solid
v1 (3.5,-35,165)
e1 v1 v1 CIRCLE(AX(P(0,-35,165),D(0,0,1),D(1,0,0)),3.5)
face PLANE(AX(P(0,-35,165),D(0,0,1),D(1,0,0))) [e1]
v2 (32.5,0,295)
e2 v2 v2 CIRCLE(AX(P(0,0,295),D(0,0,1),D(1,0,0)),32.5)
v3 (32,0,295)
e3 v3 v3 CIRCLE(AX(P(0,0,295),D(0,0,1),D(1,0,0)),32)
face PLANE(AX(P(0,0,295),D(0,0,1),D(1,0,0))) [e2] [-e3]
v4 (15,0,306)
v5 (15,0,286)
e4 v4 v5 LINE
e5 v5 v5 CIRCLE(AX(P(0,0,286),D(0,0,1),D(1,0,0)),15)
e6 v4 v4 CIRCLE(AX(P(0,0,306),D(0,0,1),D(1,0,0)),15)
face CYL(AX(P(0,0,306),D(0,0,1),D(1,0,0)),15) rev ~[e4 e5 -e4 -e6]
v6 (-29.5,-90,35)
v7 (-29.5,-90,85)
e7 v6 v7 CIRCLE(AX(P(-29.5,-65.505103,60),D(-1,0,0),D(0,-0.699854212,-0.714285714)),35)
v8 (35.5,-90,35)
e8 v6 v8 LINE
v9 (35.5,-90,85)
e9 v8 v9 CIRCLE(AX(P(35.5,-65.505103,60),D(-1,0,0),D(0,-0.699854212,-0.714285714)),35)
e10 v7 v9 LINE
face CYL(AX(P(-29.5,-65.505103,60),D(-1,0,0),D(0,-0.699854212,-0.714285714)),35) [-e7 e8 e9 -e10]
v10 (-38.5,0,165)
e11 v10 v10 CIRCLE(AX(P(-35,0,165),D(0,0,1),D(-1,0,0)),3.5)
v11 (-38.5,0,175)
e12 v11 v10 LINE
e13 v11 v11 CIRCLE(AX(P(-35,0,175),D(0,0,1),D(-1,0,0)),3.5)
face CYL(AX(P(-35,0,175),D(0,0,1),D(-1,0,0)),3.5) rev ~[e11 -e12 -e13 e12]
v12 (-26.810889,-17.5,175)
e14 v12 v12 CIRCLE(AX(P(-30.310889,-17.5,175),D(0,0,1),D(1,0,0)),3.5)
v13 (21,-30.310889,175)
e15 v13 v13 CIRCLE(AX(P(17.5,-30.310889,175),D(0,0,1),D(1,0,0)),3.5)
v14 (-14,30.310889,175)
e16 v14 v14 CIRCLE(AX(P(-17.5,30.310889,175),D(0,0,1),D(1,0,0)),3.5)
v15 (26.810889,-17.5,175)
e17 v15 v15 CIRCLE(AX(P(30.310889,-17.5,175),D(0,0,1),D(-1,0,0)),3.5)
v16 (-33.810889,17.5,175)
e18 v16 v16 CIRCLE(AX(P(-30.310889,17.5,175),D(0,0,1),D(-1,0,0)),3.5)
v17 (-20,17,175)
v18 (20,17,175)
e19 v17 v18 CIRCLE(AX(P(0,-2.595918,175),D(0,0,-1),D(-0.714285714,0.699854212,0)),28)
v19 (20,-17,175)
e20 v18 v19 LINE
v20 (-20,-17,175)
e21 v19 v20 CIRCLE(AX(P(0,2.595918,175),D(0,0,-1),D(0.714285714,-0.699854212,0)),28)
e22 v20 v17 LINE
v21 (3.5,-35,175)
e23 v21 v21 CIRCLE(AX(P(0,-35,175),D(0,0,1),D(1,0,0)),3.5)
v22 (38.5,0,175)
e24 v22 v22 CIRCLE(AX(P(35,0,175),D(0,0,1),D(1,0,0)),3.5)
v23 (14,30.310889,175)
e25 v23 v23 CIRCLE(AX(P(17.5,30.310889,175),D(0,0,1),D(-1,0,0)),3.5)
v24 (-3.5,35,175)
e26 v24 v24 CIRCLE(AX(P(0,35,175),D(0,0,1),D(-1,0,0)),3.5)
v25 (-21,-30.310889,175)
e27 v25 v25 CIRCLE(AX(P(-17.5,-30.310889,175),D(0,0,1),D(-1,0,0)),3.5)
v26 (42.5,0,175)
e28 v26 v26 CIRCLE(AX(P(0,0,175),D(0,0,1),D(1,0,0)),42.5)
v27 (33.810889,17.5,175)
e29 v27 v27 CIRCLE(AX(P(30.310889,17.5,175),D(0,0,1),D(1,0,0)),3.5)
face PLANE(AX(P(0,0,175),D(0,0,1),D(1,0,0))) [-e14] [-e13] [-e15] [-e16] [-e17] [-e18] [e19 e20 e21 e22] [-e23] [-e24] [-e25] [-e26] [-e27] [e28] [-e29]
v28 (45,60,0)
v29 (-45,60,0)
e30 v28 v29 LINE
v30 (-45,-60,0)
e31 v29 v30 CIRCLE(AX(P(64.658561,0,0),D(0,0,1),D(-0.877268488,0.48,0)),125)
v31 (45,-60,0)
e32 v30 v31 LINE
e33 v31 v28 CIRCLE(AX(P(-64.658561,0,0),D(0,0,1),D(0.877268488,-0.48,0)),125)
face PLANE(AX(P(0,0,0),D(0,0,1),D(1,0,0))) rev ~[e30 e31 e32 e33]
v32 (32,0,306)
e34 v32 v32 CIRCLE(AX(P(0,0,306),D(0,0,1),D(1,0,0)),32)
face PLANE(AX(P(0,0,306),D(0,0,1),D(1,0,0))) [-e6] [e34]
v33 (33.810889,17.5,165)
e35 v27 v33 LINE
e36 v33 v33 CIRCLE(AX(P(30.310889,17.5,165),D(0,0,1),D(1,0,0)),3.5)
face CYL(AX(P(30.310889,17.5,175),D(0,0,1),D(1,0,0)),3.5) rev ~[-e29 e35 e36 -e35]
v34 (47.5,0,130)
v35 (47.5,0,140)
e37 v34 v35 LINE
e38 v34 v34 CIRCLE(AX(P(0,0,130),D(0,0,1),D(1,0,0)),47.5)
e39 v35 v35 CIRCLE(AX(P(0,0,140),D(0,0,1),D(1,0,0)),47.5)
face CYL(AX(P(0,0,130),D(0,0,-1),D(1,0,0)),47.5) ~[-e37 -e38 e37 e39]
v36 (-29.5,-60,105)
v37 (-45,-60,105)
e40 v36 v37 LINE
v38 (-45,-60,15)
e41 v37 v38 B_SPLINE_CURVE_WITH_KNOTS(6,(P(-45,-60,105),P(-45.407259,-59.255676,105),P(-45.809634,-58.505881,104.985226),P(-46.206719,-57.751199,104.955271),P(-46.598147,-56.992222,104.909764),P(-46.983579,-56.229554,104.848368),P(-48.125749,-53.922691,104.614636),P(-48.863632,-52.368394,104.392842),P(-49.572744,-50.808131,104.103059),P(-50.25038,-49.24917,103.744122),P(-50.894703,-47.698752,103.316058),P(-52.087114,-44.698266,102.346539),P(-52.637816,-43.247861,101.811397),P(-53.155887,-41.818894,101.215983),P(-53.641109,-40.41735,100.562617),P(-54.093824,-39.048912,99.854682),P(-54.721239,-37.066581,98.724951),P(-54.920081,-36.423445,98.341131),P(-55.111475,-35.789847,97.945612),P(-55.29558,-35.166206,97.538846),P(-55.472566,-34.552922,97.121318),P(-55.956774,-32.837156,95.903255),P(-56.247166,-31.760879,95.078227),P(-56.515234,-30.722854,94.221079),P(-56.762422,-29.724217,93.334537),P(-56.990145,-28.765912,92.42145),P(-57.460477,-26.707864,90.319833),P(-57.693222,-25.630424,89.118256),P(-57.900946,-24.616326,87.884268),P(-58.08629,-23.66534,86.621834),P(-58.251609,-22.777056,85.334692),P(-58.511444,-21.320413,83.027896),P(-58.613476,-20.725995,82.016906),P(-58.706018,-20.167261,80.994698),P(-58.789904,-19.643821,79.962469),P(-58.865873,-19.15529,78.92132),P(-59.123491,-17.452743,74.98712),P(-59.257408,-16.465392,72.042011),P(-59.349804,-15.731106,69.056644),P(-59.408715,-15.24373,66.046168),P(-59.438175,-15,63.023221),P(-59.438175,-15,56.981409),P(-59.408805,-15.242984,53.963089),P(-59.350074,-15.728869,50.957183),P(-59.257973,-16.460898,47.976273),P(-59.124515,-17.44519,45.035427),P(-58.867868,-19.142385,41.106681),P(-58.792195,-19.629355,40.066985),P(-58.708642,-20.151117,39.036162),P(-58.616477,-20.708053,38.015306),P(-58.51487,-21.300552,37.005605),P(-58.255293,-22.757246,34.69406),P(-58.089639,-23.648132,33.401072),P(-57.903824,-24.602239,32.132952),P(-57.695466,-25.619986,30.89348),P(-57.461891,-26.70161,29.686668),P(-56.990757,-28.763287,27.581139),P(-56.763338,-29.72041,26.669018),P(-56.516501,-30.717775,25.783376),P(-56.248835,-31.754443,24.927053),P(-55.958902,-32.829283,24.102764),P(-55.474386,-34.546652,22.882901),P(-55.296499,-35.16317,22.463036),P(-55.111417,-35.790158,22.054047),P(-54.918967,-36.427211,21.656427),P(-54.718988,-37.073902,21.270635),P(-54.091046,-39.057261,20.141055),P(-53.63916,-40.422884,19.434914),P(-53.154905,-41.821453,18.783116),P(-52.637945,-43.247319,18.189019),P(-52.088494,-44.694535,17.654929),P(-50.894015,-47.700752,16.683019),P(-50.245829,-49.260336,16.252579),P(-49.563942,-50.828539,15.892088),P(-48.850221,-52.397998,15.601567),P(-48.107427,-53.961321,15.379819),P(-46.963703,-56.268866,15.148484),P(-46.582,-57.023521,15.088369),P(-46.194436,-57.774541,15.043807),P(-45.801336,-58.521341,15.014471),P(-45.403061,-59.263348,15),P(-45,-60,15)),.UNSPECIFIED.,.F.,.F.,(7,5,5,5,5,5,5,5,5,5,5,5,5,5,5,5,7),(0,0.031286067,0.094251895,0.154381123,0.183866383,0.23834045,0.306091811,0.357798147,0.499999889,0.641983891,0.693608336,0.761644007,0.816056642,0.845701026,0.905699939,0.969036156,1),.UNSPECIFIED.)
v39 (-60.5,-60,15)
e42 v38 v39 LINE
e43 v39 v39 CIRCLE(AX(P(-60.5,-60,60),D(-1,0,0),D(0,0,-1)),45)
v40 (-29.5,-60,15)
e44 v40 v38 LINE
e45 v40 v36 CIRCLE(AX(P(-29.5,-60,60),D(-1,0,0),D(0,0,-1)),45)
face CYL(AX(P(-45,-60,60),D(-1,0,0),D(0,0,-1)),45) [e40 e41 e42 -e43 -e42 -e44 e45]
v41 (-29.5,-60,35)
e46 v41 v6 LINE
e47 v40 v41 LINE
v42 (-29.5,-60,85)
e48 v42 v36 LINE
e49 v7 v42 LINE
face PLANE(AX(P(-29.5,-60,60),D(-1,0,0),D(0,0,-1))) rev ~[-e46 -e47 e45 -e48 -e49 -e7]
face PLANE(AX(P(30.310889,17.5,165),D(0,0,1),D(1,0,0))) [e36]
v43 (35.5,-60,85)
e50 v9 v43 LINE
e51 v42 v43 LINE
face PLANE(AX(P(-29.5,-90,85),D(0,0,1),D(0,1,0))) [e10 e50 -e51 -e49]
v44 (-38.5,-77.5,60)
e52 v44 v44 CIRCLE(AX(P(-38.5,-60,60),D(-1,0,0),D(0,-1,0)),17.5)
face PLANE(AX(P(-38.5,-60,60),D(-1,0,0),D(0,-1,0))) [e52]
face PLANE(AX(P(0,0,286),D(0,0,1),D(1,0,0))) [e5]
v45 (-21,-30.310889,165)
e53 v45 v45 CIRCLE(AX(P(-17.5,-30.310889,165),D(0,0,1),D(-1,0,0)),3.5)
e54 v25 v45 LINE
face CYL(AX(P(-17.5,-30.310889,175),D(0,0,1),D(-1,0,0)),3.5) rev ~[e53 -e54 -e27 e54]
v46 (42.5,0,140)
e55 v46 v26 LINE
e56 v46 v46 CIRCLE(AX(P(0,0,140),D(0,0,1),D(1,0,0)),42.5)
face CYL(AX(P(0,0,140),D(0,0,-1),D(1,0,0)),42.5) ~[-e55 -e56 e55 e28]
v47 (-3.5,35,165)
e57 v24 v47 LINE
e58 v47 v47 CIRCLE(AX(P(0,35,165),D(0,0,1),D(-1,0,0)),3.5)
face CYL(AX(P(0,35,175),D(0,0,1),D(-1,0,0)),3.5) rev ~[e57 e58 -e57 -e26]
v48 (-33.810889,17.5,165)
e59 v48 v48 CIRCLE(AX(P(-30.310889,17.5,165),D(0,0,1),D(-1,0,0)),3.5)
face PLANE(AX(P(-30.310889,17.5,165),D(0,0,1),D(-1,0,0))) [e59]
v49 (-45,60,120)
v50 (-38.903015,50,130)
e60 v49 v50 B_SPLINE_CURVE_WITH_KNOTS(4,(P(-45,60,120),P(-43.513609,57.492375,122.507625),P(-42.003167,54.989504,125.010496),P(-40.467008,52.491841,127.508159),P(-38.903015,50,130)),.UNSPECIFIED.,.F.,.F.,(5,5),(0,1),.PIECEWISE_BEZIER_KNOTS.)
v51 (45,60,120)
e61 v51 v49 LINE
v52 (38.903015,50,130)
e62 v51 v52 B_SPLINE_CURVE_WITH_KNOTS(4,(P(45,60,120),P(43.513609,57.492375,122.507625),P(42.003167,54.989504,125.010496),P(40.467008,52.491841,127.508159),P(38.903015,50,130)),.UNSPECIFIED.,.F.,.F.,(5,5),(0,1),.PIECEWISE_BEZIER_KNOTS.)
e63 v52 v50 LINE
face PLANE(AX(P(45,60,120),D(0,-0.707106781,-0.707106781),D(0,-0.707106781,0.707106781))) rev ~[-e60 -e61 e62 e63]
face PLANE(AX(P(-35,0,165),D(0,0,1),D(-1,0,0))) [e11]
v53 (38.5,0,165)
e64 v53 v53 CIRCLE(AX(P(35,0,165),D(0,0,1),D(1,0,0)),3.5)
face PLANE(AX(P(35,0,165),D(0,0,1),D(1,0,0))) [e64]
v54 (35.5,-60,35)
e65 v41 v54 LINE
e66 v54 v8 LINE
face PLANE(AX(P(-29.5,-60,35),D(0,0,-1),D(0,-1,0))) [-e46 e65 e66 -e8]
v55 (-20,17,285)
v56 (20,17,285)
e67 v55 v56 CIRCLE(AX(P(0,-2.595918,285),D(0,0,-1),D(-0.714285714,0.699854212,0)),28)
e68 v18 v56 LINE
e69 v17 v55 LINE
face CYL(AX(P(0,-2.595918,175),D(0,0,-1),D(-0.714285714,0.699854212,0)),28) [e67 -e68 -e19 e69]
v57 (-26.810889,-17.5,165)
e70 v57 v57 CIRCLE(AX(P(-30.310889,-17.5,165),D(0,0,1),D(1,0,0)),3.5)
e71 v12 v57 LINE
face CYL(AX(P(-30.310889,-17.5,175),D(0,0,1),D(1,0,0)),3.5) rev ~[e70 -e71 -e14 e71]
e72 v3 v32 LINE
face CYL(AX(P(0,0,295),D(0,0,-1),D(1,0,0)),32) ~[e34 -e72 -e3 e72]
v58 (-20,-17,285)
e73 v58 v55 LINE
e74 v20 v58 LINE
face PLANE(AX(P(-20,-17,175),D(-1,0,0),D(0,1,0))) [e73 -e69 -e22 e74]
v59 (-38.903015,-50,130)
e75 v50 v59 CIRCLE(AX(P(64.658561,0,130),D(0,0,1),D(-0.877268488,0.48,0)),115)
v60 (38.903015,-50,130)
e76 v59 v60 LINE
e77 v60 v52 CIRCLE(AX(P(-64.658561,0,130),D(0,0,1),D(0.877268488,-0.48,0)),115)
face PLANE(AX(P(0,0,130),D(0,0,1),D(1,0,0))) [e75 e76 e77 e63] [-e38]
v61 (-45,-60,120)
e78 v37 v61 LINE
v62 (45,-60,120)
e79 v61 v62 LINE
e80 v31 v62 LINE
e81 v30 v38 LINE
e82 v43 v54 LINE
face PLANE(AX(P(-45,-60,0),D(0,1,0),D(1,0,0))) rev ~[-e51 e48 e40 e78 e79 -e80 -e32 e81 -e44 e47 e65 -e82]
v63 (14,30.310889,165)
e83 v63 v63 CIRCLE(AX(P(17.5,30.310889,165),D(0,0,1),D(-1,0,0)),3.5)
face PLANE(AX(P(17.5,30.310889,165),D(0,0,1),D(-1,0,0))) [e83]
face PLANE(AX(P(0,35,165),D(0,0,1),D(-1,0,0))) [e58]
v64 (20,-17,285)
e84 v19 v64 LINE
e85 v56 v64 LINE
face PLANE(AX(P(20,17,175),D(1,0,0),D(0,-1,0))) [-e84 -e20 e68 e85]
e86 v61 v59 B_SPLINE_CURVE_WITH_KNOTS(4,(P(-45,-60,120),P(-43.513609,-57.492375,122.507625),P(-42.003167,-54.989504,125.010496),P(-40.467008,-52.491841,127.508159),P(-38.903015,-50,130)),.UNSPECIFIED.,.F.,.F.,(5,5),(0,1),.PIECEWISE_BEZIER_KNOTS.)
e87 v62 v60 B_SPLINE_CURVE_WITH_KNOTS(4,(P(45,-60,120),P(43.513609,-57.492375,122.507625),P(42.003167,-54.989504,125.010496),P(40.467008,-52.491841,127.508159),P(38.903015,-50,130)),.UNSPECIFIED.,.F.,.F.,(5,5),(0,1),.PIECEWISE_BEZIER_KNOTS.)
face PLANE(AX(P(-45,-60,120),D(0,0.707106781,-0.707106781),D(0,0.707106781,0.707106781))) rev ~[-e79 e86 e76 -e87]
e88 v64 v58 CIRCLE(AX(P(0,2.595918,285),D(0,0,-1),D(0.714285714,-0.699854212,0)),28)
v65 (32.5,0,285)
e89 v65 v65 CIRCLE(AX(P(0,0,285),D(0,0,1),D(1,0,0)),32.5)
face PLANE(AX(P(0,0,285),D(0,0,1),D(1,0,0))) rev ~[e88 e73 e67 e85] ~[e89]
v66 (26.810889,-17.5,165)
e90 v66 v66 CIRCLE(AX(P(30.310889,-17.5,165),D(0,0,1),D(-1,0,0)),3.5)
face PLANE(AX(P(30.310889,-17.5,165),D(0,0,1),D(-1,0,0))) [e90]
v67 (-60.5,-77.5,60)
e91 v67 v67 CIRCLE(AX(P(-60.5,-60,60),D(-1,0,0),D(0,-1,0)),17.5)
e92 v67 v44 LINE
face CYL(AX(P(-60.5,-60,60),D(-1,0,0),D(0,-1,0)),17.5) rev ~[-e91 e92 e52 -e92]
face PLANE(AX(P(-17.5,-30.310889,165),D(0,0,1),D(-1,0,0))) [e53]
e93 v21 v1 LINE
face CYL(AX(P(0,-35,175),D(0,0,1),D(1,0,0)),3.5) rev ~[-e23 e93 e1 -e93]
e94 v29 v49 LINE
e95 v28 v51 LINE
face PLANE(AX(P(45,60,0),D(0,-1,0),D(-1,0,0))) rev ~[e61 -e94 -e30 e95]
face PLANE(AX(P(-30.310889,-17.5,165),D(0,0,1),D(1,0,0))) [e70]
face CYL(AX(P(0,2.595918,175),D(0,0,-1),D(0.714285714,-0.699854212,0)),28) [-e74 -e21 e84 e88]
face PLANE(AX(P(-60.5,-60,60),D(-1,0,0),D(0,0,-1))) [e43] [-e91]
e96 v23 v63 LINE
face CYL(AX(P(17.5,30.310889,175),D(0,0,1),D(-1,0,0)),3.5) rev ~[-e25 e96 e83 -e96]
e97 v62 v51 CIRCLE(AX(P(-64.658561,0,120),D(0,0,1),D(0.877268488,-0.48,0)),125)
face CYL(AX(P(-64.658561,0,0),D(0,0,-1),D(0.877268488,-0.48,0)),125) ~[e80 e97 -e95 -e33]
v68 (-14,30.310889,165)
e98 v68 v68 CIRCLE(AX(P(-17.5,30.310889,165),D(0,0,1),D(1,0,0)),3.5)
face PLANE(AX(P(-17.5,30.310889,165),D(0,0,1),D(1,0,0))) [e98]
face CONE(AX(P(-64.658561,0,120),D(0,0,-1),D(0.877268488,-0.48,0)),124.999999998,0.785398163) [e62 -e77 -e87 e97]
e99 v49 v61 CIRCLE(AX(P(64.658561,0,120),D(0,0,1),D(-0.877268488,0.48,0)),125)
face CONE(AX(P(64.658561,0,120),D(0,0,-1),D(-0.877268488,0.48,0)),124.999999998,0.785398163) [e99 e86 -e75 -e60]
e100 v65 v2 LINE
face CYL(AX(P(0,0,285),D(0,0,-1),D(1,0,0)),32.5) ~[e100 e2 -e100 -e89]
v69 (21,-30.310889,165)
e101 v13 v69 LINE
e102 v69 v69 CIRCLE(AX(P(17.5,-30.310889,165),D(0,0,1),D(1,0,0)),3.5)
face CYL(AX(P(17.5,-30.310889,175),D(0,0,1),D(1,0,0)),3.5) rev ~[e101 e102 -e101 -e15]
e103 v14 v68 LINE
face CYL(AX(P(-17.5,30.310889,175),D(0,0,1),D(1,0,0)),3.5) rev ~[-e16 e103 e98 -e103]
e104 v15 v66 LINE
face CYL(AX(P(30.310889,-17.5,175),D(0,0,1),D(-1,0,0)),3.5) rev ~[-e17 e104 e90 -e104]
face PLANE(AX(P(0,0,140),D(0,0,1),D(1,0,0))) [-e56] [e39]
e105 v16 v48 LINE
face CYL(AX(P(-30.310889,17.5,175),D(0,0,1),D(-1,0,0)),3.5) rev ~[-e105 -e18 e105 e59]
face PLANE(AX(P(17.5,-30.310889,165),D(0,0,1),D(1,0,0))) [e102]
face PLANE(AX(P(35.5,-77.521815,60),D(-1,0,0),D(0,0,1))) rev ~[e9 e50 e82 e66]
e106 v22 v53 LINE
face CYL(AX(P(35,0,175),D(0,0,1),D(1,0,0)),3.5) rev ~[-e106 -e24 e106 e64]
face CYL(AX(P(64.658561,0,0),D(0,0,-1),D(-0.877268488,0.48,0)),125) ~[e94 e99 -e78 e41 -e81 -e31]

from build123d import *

# Parameters (mm, degrees)
BOSS_EXTRUDE1_DEPTH  = 120
BOSS_EXTRUDE2_DEPTH  = 10
BOSS_EXTRUDE2_TAPER  = 45
SKETCH3_R            = 47.5
BOSS_EXTRUDE3_DEPTH  = 10
SKETCH4_R            = 42.5
BOSS_EXTRUDE4_DEPTH  = 35
SKETCH5_R            = 3.5
CUT_EXTRUDE1_DEPTH   = 10
BOSS_EXTRUDE5_DEPTH  = 110
SKETCH7_R            = 32.5
BOSS_EXTRUDE6_DEPTH  = 10
SKETCH8_R            = 32
BOSS_EXTRUDE7_DEPTH  = 11
SKETCH10_R           = 45
BOSS_EXTRUDE9_DEPTH  = 15.5
BOSS_EXTRUDE10_DEPTH = 65
SKETCH12_R           = 15
CUT_EXTRUDE2_DEPTH   = 20
SKETCH13_R           = 17.5
CUT_EXTRUDE3_DEPTH   = 22


with BuildPart() as part:
    # Sketch1 → Boss-Extrude1 (new body)
    with BuildSketch(Plane.XY):
        with BuildLine():
            Line((45, 60), (-45, 60))
            ThreePointArc((-45, 60), (-60.341439003, 0), (-45, -60))
            Line((-45, -60), (45, -60))
            ThreePointArc((45, -60), (60.341439003, 0), (45, 60))
        make_face()
    extrude(amount=BOSS_EXTRUDE1_DEPTH)

    # Sketch2 → Boss-Extrude2 (add)
    with BuildSketch(Plane.XY.offset(120)):
        with BuildLine():
            Line((45, 60), (-45, 60))
            ThreePointArc((-45, 60), (-60.341439003, 0), (-45, -60))
            Line((-45, -60), (45, -60))
            ThreePointArc((45, -60), (60.341439003, 0), (45, 60))
        make_face()
    extrude(amount=BOSS_EXTRUDE2_DEPTH, taper=BOSS_EXTRUDE2_TAPER)

    # Sketch3 → Boss-Extrude3 (add)
    with BuildSketch(Plane.XY.offset(130)):
        Circle(SKETCH3_R)
    extrude(amount=BOSS_EXTRUDE3_DEPTH)

    # Sketch4 → Boss-Extrude4 (add)
    with BuildSketch(Plane.XY.offset(140)):
        Circle(SKETCH4_R)
    extrude(amount=BOSS_EXTRUDE4_DEPTH)

    # Sketch5 → Cut-Extrude1 (cut)
    with BuildSketch(Plane.XY.offset(175)):
        with Locations((35, 0)):
            Circle(SKETCH5_R)
        with Locations(Location((0, 35, 0), (0, 0, 180))):
            Circle(SKETCH5_R)
        with Locations((30.310889132, 17.5)):
            Circle(SKETCH5_R)
        with Locations(Location((17.5, 30.310889132, 0), (0, 0, 180))):
            Circle(SKETCH5_R)
        with Locations(Location((30.310889132, -17.5, 0), (0, 0, 180))):
            Circle(SKETCH5_R)
        with Locations((17.5, -30.310889132)):
            Circle(SKETCH5_R)
        with Locations((0, -35)):
            Circle(SKETCH5_R)
        with Locations(Location((-17.5, -30.310889132, 0), (0, 0, 180))):
            Circle(SKETCH5_R)
        with Locations((-30.310889132, -17.5)):
            Circle(SKETCH5_R)
        with Locations(Location((-35, 0, 0), (0, 0, 180))):
            Circle(SKETCH5_R)
        with Locations(Location((-30.310889132, 17.5, 0), (0, 0, 180))):
            Circle(SKETCH5_R)
        with Locations((-17.5, 30.310889132)):
            Circle(SKETCH5_R)
    extrude(amount=-CUT_EXTRUDE1_DEPTH, mode=Mode.SUBTRACT)

    # Sketch6 → Boss-Extrude5 (add)
    with BuildSketch(Plane.XY.offset(175)):
        with BuildLine():
            Line((-20, -17), (-20, 17))
            ThreePointArc((-20, 17), (0, 25.404082058), (20, 17))
            Line((20, 17), (20, -17))
            ThreePointArc((20, -17), (0, -25.404082058), (-20, -17))
        make_face()
    extrude(amount=BOSS_EXTRUDE5_DEPTH)

    # Sketch7 → Boss-Extrude6 (add)
    with BuildSketch(Plane.XY.offset(285)):
        Circle(SKETCH7_R)
    extrude(amount=BOSS_EXTRUDE6_DEPTH)

    # Sketch8 → Boss-Extrude7 (add)
    with BuildSketch(Plane.XY.offset(295)):
        Circle(SKETCH8_R)
    extrude(amount=BOSS_EXTRUDE7_DEPTH)

    # Sketch10 → Boss-Extrude9 (add, symmetric)
    with BuildSketch(Plane.ZY.offset(45)):
        with Locations(Location((60, -60, 0), (0, 0, 180))):
            Circle(SKETCH10_R)
    extrude(amount=BOSS_EXTRUDE9_DEPTH, both=True)

    # Sketch11 → Boss-Extrude10 (add)
    with BuildSketch(Plane(origin=(-29.5, 0, 0), x_dir=(0, 0, -1), z_dir=(1, 0, 0))):
        with BuildLine():
            Line((-85, -60), (-35, -60))
            Line((-35, -60), (-35, -90))
            ThreePointArc((-35, -90), (-60, -100.505102572), (-85, -90))
            Line((-85, -90), (-85, -60))
        make_face()
    extrude(amount=BOSS_EXTRUDE10_DEPTH)

    # Sketch12 → Cut-Extrude2 (cut)
    with BuildSketch(Plane.XY.offset(306)):
        Circle(SKETCH12_R)
    extrude(amount=-CUT_EXTRUDE2_DEPTH, mode=Mode.SUBTRACT)

    # Sketch13 → Cut-Extrude3 (cut)
    with BuildSketch(Plane.ZY.offset(60.5)):
        with Locations(Location((60, -60, 0), (0, 0, 270))):
            Circle(SKETCH13_R)
    extrude(amount=-CUT_EXTRUDE3_DEPTH, mode=Mode.SUBTRACT)


solid = part.part
